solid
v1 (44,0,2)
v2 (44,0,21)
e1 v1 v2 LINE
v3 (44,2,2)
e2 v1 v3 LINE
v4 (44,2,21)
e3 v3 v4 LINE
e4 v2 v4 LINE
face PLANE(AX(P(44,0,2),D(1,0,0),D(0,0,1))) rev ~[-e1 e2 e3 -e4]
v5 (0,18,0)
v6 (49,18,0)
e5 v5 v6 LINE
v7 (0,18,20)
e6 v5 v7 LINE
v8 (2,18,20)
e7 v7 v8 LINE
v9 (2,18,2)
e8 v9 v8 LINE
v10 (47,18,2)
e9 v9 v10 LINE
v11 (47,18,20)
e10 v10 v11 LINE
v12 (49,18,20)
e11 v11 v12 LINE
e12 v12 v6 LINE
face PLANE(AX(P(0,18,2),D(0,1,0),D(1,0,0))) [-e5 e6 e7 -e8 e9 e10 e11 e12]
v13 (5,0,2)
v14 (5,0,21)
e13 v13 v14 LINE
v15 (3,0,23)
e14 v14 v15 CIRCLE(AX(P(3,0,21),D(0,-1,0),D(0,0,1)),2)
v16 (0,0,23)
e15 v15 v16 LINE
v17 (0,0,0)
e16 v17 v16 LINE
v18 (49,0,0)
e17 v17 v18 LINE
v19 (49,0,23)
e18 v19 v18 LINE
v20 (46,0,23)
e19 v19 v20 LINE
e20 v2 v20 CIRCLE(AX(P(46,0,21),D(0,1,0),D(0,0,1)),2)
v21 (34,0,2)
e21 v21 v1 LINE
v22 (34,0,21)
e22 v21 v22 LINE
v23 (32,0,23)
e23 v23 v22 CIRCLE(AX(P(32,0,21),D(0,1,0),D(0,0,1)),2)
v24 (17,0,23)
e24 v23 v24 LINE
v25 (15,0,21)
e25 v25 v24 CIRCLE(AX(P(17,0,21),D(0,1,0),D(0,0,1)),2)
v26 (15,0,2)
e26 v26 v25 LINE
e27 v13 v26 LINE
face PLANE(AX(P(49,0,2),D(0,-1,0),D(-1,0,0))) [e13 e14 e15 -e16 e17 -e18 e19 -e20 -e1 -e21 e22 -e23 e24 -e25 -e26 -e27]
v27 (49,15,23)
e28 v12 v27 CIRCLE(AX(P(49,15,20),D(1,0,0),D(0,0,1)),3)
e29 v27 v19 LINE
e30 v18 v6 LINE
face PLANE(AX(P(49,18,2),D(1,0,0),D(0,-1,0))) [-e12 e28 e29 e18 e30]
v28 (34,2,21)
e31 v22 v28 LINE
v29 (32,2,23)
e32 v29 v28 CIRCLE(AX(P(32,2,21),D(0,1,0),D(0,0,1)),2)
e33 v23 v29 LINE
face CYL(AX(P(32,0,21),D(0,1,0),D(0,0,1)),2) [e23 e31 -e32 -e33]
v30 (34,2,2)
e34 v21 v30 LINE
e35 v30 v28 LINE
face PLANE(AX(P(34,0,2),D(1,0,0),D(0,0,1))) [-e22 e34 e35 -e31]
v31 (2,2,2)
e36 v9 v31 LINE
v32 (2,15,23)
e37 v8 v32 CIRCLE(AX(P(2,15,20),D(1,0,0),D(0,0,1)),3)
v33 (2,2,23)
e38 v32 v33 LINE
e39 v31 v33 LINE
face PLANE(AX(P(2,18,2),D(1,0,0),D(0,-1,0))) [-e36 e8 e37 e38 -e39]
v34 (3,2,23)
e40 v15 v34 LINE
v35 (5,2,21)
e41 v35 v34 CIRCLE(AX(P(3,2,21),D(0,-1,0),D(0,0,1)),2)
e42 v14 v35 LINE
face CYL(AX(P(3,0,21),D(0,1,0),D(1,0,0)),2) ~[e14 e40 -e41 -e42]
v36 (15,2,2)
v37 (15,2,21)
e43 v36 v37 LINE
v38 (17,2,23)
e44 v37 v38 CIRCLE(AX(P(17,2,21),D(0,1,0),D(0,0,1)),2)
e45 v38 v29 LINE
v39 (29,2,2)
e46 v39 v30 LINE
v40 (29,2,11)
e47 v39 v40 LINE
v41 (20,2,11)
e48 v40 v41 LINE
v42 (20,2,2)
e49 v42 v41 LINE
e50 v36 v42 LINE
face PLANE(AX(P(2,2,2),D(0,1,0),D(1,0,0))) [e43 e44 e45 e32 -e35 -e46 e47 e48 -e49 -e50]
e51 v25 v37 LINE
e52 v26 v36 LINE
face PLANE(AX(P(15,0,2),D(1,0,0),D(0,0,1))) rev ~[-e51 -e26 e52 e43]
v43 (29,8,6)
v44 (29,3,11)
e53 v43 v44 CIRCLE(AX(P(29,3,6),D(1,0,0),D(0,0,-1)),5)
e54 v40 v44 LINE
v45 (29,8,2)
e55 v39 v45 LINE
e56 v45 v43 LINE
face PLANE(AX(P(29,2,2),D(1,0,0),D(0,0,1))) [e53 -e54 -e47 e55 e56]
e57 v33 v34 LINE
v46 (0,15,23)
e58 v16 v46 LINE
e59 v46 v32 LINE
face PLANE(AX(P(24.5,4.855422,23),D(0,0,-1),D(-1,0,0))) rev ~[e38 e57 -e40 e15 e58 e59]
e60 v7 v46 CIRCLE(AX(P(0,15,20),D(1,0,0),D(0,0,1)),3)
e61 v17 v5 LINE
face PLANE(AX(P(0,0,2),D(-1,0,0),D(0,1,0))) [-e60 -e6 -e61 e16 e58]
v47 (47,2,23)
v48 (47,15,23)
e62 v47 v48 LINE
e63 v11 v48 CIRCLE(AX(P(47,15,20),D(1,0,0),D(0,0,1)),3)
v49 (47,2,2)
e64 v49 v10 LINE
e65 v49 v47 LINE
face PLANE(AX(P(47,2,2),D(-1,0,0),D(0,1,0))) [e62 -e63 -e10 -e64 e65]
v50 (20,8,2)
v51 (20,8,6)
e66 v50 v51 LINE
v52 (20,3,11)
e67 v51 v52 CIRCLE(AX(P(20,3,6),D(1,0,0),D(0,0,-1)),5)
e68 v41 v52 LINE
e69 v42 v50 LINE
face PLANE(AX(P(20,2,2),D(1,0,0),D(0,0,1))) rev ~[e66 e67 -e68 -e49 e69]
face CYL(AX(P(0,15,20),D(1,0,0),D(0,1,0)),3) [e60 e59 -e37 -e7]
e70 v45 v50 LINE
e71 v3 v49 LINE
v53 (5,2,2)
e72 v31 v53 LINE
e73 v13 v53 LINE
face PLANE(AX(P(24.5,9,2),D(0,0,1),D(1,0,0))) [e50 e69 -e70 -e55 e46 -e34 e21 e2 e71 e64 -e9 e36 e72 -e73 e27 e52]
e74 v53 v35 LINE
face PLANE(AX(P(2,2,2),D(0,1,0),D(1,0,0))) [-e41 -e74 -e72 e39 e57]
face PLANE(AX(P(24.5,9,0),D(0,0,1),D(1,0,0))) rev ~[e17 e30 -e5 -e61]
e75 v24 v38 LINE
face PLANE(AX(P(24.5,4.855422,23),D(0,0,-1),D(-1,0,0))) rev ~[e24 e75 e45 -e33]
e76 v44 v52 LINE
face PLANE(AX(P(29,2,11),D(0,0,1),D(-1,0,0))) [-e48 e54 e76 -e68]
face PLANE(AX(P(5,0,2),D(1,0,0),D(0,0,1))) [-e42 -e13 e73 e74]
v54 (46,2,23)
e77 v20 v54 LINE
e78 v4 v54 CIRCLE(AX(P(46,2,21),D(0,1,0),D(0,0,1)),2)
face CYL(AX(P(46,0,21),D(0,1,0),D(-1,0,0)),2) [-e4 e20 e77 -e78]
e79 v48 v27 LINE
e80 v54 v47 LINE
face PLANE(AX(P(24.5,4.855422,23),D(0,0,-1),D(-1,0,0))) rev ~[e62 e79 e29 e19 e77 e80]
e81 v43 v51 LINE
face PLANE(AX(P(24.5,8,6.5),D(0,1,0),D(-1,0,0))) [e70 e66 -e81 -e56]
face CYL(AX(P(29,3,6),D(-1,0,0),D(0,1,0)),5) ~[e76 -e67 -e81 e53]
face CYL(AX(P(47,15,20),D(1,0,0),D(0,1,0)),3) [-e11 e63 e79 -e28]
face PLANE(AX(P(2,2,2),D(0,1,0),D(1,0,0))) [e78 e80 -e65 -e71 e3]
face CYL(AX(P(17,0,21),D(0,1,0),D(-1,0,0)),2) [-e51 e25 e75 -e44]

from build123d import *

# Parameters (mm, degrees)
SKETCH_W        = 49
SKETCH_H        = 18
PAD_DEPTH       = 2
PAD001_DEPTH    = 21
SKETCH002_W     = 10
SKETCH002_H     = 21
POCKET_DEPTH    = 2
SKETCH003_W     = 10
SKETCH003_H     = 21
POCKET001_DEPTH = 2
FILLET_R        = 3
FILLET001_R     = 3
FILLET002_R     = 2
FILLET003_R     = 2
FILLET004_R     = 2
FILLET005_R     = 2
SKETCH004_W     = 9
SKETCH004_H     = 9
PAD002_DEPTH    = 6
FILLET006_R     = 5


with BuildPart() as part:
    # Sketch → Pad (new body)
    with BuildSketch(Plane.XY):
        with Locations((24.5, 9)):
            Rectangle(SKETCH_W, SKETCH_H)
    extrude(amount=PAD_DEPTH)

    # Sketch001 (on Face6 of Pad) → Pad001 (join)
    with BuildSketch(Plane.XY.offset(2)):
        Polygon((2, 18), (2, 2), (47, 2), (47, 18), (49, 18), (49, 0), (0, 0), (0, 18), align=None)
    extrude(amount=PAD001_DEPTH)

    # Sketch002 (on Face5 of Pad001) → Pocket (cut)
    with BuildSketch(Plane.XZ):
        with Locations((10, 12.5)):
            Rectangle(SKETCH002_W, SKETCH002_H)
    extrude(amount=-POCKET_DEPTH, mode=Mode.SUBTRACT)

    # Sketch003 (on Face7 of Pocket) → Pocket001 (cut)
    with BuildSketch(Plane.XZ):
        with Locations((39, 12.5)):
            Rectangle(SKETCH003_W, SKETCH003_H)
    extrude(amount=-POCKET001_DEPTH, mode=Mode.SUBTRACT)

    # Fillet
    fillet_edges = [part.edges().sort_by_distance(p)[0] for p in [
        (1, 18, 23),
    ]]
    fillet(fillet_edges, radius=FILLET_R)

    # Fillet001
    fillet001_edges = [part.edges().sort_by_distance(p)[0] for p in [
        (48, 18, 23),
    ]]
    fillet(fillet001_edges, radius=FILLET001_R)

    # Fillet002
    fillet002_edges = [part.edges().sort_by_distance(p)[0] for p in [
        (5, 1, 23),
    ]]
    fillet(fillet002_edges, radius=FILLET002_R)

    # Fillet003
    fillet003_edges = [part.edges().sort_by_distance(p)[0] for p in [
        (15, 1, 23),
    ]]
    fillet(fillet003_edges, radius=FILLET003_R)

    # Fillet004
    fillet004_edges = [part.edges().sort_by_distance(p)[0] for p in [
        (34, 1, 23),
    ]]
    fillet(fillet004_edges, radius=FILLET004_R)

    # Fillet005
    fillet005_edges = [part.edges().sort_by_distance(p)[0] for p in [
        (44, 1, 23),
    ]]
    fillet(fillet005_edges, radius=FILLET005_R)

    # Sketch004 (on Face15 of Fillet005) → Pad002 (join)
    with BuildSketch(Plane(origin=(0, 2, 0), x_dir=(-1, 0, 0), z_dir=(0, 1, 0))):
        with Locations((-24.5, 6.5)):
            Rectangle(SKETCH004_W, SKETCH004_H)
    extrude(amount=PAD002_DEPTH)

    # Fillet006
    fillet006_edges = [part.edges().sort_by_distance(p)[0] for p in [
        (24.5, 8, 11),
    ]]
    fillet(fillet006_edges, radius=FILLET006_R)


solid = part.part
